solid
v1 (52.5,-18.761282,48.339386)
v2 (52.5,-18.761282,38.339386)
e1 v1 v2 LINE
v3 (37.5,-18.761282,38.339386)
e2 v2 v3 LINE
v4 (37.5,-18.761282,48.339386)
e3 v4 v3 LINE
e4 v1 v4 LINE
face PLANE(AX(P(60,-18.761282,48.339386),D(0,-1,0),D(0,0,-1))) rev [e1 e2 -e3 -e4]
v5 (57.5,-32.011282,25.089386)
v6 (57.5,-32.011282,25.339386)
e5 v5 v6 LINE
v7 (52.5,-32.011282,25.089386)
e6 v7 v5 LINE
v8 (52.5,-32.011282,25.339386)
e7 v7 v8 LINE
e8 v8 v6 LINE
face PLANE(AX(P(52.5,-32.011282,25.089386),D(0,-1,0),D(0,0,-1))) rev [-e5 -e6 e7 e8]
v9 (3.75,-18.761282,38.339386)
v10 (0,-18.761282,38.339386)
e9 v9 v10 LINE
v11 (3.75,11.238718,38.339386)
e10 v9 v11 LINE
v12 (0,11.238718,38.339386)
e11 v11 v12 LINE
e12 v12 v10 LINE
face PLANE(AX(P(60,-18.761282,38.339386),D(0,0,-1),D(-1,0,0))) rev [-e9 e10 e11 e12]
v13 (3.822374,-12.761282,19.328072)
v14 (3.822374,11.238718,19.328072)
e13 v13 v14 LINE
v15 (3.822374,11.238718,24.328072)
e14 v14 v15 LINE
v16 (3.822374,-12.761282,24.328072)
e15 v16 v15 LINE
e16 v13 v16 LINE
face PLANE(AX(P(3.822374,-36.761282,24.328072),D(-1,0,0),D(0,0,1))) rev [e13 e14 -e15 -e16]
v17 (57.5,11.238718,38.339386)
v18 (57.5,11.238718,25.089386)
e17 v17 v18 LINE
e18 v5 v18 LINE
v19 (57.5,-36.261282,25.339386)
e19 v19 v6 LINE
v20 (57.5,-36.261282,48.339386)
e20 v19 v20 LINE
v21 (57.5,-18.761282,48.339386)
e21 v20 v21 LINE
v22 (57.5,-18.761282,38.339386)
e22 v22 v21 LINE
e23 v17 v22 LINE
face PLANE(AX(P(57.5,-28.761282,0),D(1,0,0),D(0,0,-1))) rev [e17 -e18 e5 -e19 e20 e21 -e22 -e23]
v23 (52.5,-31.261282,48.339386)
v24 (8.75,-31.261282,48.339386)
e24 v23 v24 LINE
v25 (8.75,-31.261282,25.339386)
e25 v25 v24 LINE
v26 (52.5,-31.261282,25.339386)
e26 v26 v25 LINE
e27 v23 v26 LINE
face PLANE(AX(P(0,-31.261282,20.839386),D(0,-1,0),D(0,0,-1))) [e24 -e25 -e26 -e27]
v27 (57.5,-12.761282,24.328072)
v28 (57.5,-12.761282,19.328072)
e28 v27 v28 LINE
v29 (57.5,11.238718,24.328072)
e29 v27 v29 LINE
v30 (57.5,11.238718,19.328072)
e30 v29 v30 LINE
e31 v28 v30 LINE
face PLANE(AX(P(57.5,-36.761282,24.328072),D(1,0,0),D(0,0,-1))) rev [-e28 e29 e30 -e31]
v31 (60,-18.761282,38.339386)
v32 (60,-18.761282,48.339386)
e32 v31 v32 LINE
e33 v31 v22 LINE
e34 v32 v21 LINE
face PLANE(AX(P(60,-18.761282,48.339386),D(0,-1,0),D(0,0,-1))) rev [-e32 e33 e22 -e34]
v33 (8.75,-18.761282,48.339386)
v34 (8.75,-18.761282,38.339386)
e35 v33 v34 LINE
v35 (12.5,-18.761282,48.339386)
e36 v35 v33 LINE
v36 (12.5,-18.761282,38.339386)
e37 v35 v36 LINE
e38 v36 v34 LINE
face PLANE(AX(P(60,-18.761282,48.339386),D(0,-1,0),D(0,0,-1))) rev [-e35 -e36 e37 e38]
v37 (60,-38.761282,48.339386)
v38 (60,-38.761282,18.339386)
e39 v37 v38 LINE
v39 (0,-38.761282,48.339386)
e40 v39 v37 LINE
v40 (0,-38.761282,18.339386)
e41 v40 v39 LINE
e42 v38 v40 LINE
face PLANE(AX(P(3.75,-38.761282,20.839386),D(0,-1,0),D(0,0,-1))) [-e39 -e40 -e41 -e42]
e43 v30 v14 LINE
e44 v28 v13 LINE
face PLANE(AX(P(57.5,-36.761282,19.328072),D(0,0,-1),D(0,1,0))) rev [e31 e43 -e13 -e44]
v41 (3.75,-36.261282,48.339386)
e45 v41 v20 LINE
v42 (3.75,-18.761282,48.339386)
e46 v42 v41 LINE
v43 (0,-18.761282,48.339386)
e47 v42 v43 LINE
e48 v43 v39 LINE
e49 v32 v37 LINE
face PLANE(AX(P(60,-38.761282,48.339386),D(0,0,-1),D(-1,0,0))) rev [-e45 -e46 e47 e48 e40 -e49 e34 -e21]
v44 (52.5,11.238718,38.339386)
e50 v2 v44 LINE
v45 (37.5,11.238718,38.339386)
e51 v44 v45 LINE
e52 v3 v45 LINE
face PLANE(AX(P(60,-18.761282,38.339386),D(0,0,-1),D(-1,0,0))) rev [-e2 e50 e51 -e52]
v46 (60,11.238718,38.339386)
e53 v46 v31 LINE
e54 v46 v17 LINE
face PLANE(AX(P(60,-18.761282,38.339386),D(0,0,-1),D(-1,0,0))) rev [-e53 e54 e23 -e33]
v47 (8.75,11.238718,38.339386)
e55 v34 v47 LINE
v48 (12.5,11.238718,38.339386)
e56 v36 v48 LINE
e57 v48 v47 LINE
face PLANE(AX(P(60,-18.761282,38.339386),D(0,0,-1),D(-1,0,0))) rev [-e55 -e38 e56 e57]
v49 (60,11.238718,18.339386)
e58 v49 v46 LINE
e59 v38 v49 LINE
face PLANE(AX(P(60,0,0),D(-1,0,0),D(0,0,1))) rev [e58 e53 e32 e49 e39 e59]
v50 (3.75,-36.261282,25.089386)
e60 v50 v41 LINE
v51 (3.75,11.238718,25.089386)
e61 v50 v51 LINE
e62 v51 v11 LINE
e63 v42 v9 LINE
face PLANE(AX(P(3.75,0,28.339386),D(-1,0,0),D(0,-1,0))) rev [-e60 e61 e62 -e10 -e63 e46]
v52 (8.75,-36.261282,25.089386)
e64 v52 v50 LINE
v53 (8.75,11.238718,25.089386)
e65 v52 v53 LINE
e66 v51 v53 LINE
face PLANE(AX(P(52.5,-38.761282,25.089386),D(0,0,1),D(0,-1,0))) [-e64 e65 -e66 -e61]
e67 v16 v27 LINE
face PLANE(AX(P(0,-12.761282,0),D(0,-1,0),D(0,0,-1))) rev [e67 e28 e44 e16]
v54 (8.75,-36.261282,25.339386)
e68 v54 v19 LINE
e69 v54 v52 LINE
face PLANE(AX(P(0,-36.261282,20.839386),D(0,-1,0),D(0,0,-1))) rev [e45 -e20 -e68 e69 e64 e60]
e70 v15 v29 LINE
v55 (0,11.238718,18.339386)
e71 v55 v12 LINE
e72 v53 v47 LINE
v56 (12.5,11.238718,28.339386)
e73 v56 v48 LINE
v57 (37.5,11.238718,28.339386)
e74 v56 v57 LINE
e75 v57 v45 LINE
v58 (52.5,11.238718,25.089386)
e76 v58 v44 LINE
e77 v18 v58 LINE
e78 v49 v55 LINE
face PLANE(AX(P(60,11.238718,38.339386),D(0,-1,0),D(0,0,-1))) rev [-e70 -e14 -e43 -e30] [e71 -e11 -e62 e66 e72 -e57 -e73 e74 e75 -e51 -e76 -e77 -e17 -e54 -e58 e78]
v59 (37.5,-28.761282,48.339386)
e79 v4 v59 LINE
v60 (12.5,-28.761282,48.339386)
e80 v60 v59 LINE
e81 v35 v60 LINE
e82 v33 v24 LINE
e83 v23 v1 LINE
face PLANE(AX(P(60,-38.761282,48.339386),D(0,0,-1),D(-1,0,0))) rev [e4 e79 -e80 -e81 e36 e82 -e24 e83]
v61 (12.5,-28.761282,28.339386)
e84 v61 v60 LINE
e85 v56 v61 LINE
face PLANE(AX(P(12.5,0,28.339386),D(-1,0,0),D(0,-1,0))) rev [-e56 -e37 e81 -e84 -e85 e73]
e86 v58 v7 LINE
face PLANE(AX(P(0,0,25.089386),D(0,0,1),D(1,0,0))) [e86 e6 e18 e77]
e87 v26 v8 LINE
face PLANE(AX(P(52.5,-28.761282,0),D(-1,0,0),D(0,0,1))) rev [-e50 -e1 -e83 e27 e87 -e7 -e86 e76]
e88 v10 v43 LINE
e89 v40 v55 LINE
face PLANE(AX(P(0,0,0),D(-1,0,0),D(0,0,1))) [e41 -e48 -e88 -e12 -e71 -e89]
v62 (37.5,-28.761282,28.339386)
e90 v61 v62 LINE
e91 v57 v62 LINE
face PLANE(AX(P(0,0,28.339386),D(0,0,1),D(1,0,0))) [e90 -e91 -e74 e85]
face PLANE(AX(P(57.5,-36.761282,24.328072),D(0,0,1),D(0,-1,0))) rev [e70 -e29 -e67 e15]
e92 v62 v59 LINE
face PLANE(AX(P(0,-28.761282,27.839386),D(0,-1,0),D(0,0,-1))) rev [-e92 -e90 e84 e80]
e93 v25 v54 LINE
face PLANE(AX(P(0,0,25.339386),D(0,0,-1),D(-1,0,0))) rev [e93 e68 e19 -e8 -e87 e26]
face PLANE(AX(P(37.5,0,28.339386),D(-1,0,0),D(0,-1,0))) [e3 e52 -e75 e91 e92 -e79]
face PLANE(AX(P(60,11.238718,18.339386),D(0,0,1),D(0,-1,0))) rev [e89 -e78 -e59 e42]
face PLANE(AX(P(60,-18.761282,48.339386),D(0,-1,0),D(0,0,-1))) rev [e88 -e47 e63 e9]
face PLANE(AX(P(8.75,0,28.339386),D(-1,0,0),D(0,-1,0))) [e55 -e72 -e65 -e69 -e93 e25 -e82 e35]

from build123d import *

# Parameters (mm, degrees)
BOSS_EXTRU_2_DEPTH       = 60
ESQUISSE2_W              = 5
ESQUISSE2_H              = 30
ESQUISSE2_H_2            = 20
ESQUISSE2_W_2            = 25
ENL_V_MAT_EXTRU_1_DEPTH  = 20
ESQUISSE4_W              = 60
ESQUISSE4_H              = 5
ENL_V_MAT_EXTRU_2_DEPTH  = 45
ESQUISSE5_W              = 56.25
ESQUISSE5_H              = 5
ESQUISSE5_W_2            = 3.75
ENL_V_MAT_EXTRU_4_DEPTH  = 27.5
ESQUISSE6_W              = 60
ESQUISSE6_H              = 2.5
BOSS_EXTRU_3_DEPTH       = 29.5
ESQUISSE7_W              = 3.75
ESQUISSE7_H              = 20
ESQUISSE7_W_2            = 13.75
BOSS_EXTRU_4_DEPTH       = 27.5
ESQUISSE8_W              = 3.75
ESQUISSE8_H              = 20
ESQUISSE8_W_2            = 13.75
BOSS_EXTRU_5_DEPTH       = 31.5
ESQUISSE10_W             = 42.5
ESQUISSE10_H             = 5
ENL_V_MAT_EXTRU_5_DEPTH  = 47.5
ESQUISSE11_W             = 5
ESQUISSE11_H             = 2.5
ESQUISSE11_W_2           = 3.75
ESQUISSE11_W_3           = 25
BOSS_EXTRU_6_DEPTH       = 20.5
ESQUISSE13_W             = 42.5
ESQUISSE13_H             = 5
ENL_V_MAT_EXTRU_7_DEPTH  = 27.5
ESQUISSE14_W             = 5
ESQUISSE14_H             = 10
ENL_V_MAT_EXTRU_8_DEPTH  = 40
ESQUISSE15_W             = 5
ESQUISSE15_H             = 20
BOSS_EXTRU_7_DEPTH       = 41
ESQUISSE16_W             = 5
ESQUISSE16_H             = 10
ENL_V_MAT_EXTRU_9_DEPTH  = 30
ESQUISSE17_W             = 5
ESQUISSE17_H             = 43.25
ENL_V_MAT_EXTRU_10_DEPTH = 23.25
ESQUISSE18_W             = 43.75
ESQUISSE18_H             = 0.75
BOSS_EXTRU_8_DEPTH       = 50
ESQUISSE19_W             = 48.75
ESQUISSE19_H             = 4.25
BOSS_EXTRU_9_DEPTH       = 50
ESQUISSE20_W             = 53.75
ESQUISSE20_H             = 5
ENL_V_MAT_EXTRU_11_DEPTH = 23
ESQUISSE21_W             = 53.677626311
ESQUISSE21_H             = 5
ENL_V_MAT_EXTRU_12_DEPTH = 48
ESQUISSE22_W             = 53.677626311
ESQUISSE22_H             = 5
BOSS_EXTRU_10_DEPTH      = 24


with BuildPart() as part:
    # Esquisse1 → Boss.-Extru.2 (new body)
    with BuildSketch(Plane(origin=(0, 0, 0), x_dir=(0, 0, -1), z_dir=(1, 0, 0))):
        Polygon((-38.339385634, 11.238718482), (-18.339385634, 11.238718482), (-18.339385634, -38.761281518), (-48.339385634, -38.761281518), (-48.339385634, -18.761281518), (-38.339385634, -18.761281518), align=None)
    extrude(amount=BOSS_EXTRU_2_DEPTH)

    # Esquisse2 → Enlèv. mat.-Extru.1 (cut)
    with BuildSketch(Plane.XY.offset(48.339385634)):
        with Locations((6.25, -3.761281518)):
            Rectangle(ESQUISSE2_W, ESQUISSE2_H)
        with Locations((6.25, -28.761281518)):
            Rectangle(ESQUISSE2_W, ESQUISSE2_H_2)
        with Locations((25, -3.761281518)):
            Rectangle(ESQUISSE2_W_2, ESQUISSE2_H)
        with Locations((25, -28.761281518)):
            Rectangle(ESQUISSE2_W_2, ESQUISSE2_H_2)
        with Locations((43.75, -3.761281518)):
            Rectangle(ESQUISSE2_W, ESQUISSE2_H)
        with Locations((43.75, -28.761281518)):
            Rectangle(ESQUISSE2_W, ESQUISSE2_H_2)
    extrude(amount=-ENL_V_MAT_EXTRU_1_DEPTH, mode=Mode.SUBTRACT)

    # Esquisse4 → Enlèv. mat.-Extru.2 (cut)
    with BuildSketch(Plane(origin=(0, 11.238718482, 0), x_dir=(1, 0, 0), z_dir=(0, 1, 0))):
        with Locations((30, -23.339385634)):
            Rectangle(ESQUISSE4_W, ESQUISSE4_H)
    extrude(amount=-ENL_V_MAT_EXTRU_2_DEPTH, mode=Mode.SUBTRACT)

    # Esquisse5 → Enlèv. mat.-Extru.4 (cut)
    with BuildSketch(Plane.XY.offset(48.339385634)):
        with Locations((31.875, -33.761281518)):
            Rectangle(ESQUISSE5_W, ESQUISSE5_H)
        with Locations((1.875, -33.761281518)):
            Rectangle(ESQUISSE5_W_2, ESQUISSE5_H)
    extrude(amount=-ENL_V_MAT_EXTRU_4_DEPTH, mode=Mode.SUBTRACT)

    # Esquisse6 → Boss.-Extru.3 (add)
    with BuildSketch(Plane.XY.offset(48.339385634)):
        with Locations((30, -37.511281518)):
            Rectangle(ESQUISSE6_W, ESQUISSE6_H)
    extrude(amount=-BOSS_EXTRU_3_DEPTH)

    # Esquisse7 → Boss.-Extru.4 (add)
    with BuildSketch(Plane.XY.offset(48.339385634)):
        with Locations((1.875, -28.761281518)):
            Rectangle(ESQUISSE7_W, ESQUISSE7_H)
        with Locations((10.625, -28.761281518)):
            Rectangle(ESQUISSE7_W, ESQUISSE7_H)
        with Locations((53.125, -28.761281518)):
            Rectangle(ESQUISSE7_W_2, ESQUISSE7_H)
        with Locations((39.375, -28.761281518)):
            Rectangle(ESQUISSE7_W, ESQUISSE7_H)
    extrude(amount=-BOSS_EXTRU_4_DEPTH)

    # Esquisse8 → Boss.-Extru.5 (add)
    with BuildSketch(Plane(origin=(0, 11.238718482, 0), x_dir=(1, 0, 0), z_dir=(0, 1, 0))):
        with Locations((1.875, -28.339385634)):
            Rectangle(ESQUISSE8_W, ESQUISSE8_H)
        with Locations((10.625, -28.339385634)):
            Rectangle(ESQUISSE8_W, ESQUISSE8_H)
        with Locations((53.125, -28.339385634)):
            Rectangle(ESQUISSE8_W_2, ESQUISSE8_H)
        with Locations((39.375, -28.339385634)):
            Rectangle(ESQUISSE8_W, ESQUISSE8_H)
    extrude(amount=-BOSS_EXTRU_5_DEPTH)

    # Esquisse10 → Enlèv. mat.-Extru.5 (cut)
    with BuildSketch(Plane(origin=(0, 11.238718482, 0), x_dir=(1, 0, 0), z_dir=(0, 1, 0))):
        with Locations((25, -23.339385634)):
            Rectangle(ESQUISSE10_W, ESQUISSE10_H)
    extrude(amount=-ENL_V_MAT_EXTRU_5_DEPTH, mode=Mode.SUBTRACT)

    # Esquisse11 → Boss.-Extru.6 (add)
    with BuildSketch(Plane.XY.offset(48.339385634)):
        with Locations((43.75, -30.011281518)):
            Rectangle(ESQUISSE11_W, ESQUISSE11_H)
        with Locations((39.375, -30.011281518)):
            Rectangle(ESQUISSE11_W_2, ESQUISSE11_H)
        with Locations((25, -30.011281518)):
            Rectangle(ESQUISSE11_W_3, ESQUISSE11_H)
        with Locations((6.25, -30.011281518)):
            Rectangle(ESQUISSE11_W, ESQUISSE11_H)
        with Locations((10.625, -30.011281518)):
            Rectangle(ESQUISSE11_W_2, ESQUISSE11_H)
    extrude(amount=-BOSS_EXTRU_6_DEPTH)

    # Esquisse13 → Enlèv. mat.-Extru.7 (cut)
    with BuildSketch(Plane.XY.offset(48.339385634)):
        with Locations((25, -33.761281518)):
            Rectangle(ESQUISSE13_W, ESQUISSE13_H)
    extrude(amount=-ENL_V_MAT_EXTRU_7_DEPTH, mode=Mode.SUBTRACT)

    # Esquisse14 → Enlèv. mat.-Extru.8 (cut)
    with BuildSketch(Plane(origin=(0, 11.238718482, 0), x_dir=(1, 0, 0), z_dir=(0, 1, 0))):
        with Locations((55, -33.339385634)):
            Rectangle(ESQUISSE14_W, ESQUISSE14_H)
        with Locations((55, -43.339385634)):
            Rectangle(ESQUISSE14_W, ESQUISSE14_H)
    extrude(amount=-ENL_V_MAT_EXTRU_8_DEPTH, mode=Mode.SUBTRACT)

    # Esquisse15 → Boss.-Extru.7 (add)
    with BuildSketch(Plane(origin=(0, 11.238718482, 0), x_dir=(1, 0, 0), z_dir=(0, 1, 0))):
        with Locations((43.75, -38.339385634)):
            Rectangle(ESQUISSE15_W, ESQUISSE15_H)
    extrude(amount=-BOSS_EXTRU_7_DEPTH)

    # Esquisse16 → Enlèv. mat.-Extru.9 (cut)
    with BuildSketch(Plane(origin=(0, 11.238718482, 0), x_dir=(1, 0, 0), z_dir=(0, 1, 0))):
        with Locations((43.75, -43.339385634)):
            Rectangle(ESQUISSE16_W, ESQUISSE16_H)
    extrude(amount=-ENL_V_MAT_EXTRU_9_DEPTH, mode=Mode.SUBTRACT)

    # Esquisse17 → Enlèv. mat.-Extru.10 (cut)
    with BuildSketch(Plane.XY.offset(48.339385634)):
        with Locations((55, -10.386281518)):
            Rectangle(ESQUISSE17_W, ESQUISSE17_H)
        with Locations((6.25, -10.386281518)):
            Rectangle(ESQUISSE17_W, ESQUISSE17_H)
    extrude(amount=-ENL_V_MAT_EXTRU_10_DEPTH, mode=Mode.SUBTRACT)

    # Esquisse18 → Boss.-Extru.8 (add)
    with BuildSketch(Plane(origin=(0, 11.238718482, 0), x_dir=(1, 0, 0), z_dir=(0, 1, 0))):
        with Locations((30.625, -25.464385634)):
            Rectangle(ESQUISSE18_W, ESQUISSE18_H)
    extrude(amount=-BOSS_EXTRU_8_DEPTH)

    # Esquisse19 → Boss.-Extru.9 (add)
    with BuildSketch(Plane(origin=(0, 11.238718482, 0), x_dir=(1, 0, 0), z_dir=(0, 1, 0))):
        with Locations((28.125, -22.964385634)):
            Rectangle(ESQUISSE19_W, ESQUISSE19_H)
    extrude(amount=-BOSS_EXTRU_9_DEPTH)

    # Esquisse20 → Enlèv. mat.-Extru.11 (cut)
    with BuildSketch(Plane.XY.offset(48.339385634)):
        with Locations((30.625, -33.761281518)):
            Rectangle(ESQUISSE20_W, ESQUISSE20_H)
    extrude(amount=-ENL_V_MAT_EXTRU_11_DEPTH, mode=Mode.SUBTRACT)

    # Esquisse21 → Enlèv. mat.-Extru.12 (cut)
    with BuildSketch(Plane(origin=(0, 11.238718482, 0), x_dir=(1, 0, 0), z_dir=(0, 1, 0))):
        with Locations((30.661186845, -21.828072333)):
            Rectangle(ESQUISSE21_W, ESQUISSE21_H)
    extrude(amount=-ENL_V_MAT_EXTRU_12_DEPTH, mode=Mode.SUBTRACT)

    # Esquisse22 → Boss.-Extru.10 (add)
    with BuildSketch(Plane(origin=(0, -36.761281518, 0), x_dir=(1, 0, 0), z_dir=(0, 1, 0))):
        with Locations((30.661186845, -21.828072333)):
            Rectangle(ESQUISSE22_W, ESQUISSE22_H)
    extrude(amount=BOSS_EXTRU_10_DEPTH)


solid = part.part
